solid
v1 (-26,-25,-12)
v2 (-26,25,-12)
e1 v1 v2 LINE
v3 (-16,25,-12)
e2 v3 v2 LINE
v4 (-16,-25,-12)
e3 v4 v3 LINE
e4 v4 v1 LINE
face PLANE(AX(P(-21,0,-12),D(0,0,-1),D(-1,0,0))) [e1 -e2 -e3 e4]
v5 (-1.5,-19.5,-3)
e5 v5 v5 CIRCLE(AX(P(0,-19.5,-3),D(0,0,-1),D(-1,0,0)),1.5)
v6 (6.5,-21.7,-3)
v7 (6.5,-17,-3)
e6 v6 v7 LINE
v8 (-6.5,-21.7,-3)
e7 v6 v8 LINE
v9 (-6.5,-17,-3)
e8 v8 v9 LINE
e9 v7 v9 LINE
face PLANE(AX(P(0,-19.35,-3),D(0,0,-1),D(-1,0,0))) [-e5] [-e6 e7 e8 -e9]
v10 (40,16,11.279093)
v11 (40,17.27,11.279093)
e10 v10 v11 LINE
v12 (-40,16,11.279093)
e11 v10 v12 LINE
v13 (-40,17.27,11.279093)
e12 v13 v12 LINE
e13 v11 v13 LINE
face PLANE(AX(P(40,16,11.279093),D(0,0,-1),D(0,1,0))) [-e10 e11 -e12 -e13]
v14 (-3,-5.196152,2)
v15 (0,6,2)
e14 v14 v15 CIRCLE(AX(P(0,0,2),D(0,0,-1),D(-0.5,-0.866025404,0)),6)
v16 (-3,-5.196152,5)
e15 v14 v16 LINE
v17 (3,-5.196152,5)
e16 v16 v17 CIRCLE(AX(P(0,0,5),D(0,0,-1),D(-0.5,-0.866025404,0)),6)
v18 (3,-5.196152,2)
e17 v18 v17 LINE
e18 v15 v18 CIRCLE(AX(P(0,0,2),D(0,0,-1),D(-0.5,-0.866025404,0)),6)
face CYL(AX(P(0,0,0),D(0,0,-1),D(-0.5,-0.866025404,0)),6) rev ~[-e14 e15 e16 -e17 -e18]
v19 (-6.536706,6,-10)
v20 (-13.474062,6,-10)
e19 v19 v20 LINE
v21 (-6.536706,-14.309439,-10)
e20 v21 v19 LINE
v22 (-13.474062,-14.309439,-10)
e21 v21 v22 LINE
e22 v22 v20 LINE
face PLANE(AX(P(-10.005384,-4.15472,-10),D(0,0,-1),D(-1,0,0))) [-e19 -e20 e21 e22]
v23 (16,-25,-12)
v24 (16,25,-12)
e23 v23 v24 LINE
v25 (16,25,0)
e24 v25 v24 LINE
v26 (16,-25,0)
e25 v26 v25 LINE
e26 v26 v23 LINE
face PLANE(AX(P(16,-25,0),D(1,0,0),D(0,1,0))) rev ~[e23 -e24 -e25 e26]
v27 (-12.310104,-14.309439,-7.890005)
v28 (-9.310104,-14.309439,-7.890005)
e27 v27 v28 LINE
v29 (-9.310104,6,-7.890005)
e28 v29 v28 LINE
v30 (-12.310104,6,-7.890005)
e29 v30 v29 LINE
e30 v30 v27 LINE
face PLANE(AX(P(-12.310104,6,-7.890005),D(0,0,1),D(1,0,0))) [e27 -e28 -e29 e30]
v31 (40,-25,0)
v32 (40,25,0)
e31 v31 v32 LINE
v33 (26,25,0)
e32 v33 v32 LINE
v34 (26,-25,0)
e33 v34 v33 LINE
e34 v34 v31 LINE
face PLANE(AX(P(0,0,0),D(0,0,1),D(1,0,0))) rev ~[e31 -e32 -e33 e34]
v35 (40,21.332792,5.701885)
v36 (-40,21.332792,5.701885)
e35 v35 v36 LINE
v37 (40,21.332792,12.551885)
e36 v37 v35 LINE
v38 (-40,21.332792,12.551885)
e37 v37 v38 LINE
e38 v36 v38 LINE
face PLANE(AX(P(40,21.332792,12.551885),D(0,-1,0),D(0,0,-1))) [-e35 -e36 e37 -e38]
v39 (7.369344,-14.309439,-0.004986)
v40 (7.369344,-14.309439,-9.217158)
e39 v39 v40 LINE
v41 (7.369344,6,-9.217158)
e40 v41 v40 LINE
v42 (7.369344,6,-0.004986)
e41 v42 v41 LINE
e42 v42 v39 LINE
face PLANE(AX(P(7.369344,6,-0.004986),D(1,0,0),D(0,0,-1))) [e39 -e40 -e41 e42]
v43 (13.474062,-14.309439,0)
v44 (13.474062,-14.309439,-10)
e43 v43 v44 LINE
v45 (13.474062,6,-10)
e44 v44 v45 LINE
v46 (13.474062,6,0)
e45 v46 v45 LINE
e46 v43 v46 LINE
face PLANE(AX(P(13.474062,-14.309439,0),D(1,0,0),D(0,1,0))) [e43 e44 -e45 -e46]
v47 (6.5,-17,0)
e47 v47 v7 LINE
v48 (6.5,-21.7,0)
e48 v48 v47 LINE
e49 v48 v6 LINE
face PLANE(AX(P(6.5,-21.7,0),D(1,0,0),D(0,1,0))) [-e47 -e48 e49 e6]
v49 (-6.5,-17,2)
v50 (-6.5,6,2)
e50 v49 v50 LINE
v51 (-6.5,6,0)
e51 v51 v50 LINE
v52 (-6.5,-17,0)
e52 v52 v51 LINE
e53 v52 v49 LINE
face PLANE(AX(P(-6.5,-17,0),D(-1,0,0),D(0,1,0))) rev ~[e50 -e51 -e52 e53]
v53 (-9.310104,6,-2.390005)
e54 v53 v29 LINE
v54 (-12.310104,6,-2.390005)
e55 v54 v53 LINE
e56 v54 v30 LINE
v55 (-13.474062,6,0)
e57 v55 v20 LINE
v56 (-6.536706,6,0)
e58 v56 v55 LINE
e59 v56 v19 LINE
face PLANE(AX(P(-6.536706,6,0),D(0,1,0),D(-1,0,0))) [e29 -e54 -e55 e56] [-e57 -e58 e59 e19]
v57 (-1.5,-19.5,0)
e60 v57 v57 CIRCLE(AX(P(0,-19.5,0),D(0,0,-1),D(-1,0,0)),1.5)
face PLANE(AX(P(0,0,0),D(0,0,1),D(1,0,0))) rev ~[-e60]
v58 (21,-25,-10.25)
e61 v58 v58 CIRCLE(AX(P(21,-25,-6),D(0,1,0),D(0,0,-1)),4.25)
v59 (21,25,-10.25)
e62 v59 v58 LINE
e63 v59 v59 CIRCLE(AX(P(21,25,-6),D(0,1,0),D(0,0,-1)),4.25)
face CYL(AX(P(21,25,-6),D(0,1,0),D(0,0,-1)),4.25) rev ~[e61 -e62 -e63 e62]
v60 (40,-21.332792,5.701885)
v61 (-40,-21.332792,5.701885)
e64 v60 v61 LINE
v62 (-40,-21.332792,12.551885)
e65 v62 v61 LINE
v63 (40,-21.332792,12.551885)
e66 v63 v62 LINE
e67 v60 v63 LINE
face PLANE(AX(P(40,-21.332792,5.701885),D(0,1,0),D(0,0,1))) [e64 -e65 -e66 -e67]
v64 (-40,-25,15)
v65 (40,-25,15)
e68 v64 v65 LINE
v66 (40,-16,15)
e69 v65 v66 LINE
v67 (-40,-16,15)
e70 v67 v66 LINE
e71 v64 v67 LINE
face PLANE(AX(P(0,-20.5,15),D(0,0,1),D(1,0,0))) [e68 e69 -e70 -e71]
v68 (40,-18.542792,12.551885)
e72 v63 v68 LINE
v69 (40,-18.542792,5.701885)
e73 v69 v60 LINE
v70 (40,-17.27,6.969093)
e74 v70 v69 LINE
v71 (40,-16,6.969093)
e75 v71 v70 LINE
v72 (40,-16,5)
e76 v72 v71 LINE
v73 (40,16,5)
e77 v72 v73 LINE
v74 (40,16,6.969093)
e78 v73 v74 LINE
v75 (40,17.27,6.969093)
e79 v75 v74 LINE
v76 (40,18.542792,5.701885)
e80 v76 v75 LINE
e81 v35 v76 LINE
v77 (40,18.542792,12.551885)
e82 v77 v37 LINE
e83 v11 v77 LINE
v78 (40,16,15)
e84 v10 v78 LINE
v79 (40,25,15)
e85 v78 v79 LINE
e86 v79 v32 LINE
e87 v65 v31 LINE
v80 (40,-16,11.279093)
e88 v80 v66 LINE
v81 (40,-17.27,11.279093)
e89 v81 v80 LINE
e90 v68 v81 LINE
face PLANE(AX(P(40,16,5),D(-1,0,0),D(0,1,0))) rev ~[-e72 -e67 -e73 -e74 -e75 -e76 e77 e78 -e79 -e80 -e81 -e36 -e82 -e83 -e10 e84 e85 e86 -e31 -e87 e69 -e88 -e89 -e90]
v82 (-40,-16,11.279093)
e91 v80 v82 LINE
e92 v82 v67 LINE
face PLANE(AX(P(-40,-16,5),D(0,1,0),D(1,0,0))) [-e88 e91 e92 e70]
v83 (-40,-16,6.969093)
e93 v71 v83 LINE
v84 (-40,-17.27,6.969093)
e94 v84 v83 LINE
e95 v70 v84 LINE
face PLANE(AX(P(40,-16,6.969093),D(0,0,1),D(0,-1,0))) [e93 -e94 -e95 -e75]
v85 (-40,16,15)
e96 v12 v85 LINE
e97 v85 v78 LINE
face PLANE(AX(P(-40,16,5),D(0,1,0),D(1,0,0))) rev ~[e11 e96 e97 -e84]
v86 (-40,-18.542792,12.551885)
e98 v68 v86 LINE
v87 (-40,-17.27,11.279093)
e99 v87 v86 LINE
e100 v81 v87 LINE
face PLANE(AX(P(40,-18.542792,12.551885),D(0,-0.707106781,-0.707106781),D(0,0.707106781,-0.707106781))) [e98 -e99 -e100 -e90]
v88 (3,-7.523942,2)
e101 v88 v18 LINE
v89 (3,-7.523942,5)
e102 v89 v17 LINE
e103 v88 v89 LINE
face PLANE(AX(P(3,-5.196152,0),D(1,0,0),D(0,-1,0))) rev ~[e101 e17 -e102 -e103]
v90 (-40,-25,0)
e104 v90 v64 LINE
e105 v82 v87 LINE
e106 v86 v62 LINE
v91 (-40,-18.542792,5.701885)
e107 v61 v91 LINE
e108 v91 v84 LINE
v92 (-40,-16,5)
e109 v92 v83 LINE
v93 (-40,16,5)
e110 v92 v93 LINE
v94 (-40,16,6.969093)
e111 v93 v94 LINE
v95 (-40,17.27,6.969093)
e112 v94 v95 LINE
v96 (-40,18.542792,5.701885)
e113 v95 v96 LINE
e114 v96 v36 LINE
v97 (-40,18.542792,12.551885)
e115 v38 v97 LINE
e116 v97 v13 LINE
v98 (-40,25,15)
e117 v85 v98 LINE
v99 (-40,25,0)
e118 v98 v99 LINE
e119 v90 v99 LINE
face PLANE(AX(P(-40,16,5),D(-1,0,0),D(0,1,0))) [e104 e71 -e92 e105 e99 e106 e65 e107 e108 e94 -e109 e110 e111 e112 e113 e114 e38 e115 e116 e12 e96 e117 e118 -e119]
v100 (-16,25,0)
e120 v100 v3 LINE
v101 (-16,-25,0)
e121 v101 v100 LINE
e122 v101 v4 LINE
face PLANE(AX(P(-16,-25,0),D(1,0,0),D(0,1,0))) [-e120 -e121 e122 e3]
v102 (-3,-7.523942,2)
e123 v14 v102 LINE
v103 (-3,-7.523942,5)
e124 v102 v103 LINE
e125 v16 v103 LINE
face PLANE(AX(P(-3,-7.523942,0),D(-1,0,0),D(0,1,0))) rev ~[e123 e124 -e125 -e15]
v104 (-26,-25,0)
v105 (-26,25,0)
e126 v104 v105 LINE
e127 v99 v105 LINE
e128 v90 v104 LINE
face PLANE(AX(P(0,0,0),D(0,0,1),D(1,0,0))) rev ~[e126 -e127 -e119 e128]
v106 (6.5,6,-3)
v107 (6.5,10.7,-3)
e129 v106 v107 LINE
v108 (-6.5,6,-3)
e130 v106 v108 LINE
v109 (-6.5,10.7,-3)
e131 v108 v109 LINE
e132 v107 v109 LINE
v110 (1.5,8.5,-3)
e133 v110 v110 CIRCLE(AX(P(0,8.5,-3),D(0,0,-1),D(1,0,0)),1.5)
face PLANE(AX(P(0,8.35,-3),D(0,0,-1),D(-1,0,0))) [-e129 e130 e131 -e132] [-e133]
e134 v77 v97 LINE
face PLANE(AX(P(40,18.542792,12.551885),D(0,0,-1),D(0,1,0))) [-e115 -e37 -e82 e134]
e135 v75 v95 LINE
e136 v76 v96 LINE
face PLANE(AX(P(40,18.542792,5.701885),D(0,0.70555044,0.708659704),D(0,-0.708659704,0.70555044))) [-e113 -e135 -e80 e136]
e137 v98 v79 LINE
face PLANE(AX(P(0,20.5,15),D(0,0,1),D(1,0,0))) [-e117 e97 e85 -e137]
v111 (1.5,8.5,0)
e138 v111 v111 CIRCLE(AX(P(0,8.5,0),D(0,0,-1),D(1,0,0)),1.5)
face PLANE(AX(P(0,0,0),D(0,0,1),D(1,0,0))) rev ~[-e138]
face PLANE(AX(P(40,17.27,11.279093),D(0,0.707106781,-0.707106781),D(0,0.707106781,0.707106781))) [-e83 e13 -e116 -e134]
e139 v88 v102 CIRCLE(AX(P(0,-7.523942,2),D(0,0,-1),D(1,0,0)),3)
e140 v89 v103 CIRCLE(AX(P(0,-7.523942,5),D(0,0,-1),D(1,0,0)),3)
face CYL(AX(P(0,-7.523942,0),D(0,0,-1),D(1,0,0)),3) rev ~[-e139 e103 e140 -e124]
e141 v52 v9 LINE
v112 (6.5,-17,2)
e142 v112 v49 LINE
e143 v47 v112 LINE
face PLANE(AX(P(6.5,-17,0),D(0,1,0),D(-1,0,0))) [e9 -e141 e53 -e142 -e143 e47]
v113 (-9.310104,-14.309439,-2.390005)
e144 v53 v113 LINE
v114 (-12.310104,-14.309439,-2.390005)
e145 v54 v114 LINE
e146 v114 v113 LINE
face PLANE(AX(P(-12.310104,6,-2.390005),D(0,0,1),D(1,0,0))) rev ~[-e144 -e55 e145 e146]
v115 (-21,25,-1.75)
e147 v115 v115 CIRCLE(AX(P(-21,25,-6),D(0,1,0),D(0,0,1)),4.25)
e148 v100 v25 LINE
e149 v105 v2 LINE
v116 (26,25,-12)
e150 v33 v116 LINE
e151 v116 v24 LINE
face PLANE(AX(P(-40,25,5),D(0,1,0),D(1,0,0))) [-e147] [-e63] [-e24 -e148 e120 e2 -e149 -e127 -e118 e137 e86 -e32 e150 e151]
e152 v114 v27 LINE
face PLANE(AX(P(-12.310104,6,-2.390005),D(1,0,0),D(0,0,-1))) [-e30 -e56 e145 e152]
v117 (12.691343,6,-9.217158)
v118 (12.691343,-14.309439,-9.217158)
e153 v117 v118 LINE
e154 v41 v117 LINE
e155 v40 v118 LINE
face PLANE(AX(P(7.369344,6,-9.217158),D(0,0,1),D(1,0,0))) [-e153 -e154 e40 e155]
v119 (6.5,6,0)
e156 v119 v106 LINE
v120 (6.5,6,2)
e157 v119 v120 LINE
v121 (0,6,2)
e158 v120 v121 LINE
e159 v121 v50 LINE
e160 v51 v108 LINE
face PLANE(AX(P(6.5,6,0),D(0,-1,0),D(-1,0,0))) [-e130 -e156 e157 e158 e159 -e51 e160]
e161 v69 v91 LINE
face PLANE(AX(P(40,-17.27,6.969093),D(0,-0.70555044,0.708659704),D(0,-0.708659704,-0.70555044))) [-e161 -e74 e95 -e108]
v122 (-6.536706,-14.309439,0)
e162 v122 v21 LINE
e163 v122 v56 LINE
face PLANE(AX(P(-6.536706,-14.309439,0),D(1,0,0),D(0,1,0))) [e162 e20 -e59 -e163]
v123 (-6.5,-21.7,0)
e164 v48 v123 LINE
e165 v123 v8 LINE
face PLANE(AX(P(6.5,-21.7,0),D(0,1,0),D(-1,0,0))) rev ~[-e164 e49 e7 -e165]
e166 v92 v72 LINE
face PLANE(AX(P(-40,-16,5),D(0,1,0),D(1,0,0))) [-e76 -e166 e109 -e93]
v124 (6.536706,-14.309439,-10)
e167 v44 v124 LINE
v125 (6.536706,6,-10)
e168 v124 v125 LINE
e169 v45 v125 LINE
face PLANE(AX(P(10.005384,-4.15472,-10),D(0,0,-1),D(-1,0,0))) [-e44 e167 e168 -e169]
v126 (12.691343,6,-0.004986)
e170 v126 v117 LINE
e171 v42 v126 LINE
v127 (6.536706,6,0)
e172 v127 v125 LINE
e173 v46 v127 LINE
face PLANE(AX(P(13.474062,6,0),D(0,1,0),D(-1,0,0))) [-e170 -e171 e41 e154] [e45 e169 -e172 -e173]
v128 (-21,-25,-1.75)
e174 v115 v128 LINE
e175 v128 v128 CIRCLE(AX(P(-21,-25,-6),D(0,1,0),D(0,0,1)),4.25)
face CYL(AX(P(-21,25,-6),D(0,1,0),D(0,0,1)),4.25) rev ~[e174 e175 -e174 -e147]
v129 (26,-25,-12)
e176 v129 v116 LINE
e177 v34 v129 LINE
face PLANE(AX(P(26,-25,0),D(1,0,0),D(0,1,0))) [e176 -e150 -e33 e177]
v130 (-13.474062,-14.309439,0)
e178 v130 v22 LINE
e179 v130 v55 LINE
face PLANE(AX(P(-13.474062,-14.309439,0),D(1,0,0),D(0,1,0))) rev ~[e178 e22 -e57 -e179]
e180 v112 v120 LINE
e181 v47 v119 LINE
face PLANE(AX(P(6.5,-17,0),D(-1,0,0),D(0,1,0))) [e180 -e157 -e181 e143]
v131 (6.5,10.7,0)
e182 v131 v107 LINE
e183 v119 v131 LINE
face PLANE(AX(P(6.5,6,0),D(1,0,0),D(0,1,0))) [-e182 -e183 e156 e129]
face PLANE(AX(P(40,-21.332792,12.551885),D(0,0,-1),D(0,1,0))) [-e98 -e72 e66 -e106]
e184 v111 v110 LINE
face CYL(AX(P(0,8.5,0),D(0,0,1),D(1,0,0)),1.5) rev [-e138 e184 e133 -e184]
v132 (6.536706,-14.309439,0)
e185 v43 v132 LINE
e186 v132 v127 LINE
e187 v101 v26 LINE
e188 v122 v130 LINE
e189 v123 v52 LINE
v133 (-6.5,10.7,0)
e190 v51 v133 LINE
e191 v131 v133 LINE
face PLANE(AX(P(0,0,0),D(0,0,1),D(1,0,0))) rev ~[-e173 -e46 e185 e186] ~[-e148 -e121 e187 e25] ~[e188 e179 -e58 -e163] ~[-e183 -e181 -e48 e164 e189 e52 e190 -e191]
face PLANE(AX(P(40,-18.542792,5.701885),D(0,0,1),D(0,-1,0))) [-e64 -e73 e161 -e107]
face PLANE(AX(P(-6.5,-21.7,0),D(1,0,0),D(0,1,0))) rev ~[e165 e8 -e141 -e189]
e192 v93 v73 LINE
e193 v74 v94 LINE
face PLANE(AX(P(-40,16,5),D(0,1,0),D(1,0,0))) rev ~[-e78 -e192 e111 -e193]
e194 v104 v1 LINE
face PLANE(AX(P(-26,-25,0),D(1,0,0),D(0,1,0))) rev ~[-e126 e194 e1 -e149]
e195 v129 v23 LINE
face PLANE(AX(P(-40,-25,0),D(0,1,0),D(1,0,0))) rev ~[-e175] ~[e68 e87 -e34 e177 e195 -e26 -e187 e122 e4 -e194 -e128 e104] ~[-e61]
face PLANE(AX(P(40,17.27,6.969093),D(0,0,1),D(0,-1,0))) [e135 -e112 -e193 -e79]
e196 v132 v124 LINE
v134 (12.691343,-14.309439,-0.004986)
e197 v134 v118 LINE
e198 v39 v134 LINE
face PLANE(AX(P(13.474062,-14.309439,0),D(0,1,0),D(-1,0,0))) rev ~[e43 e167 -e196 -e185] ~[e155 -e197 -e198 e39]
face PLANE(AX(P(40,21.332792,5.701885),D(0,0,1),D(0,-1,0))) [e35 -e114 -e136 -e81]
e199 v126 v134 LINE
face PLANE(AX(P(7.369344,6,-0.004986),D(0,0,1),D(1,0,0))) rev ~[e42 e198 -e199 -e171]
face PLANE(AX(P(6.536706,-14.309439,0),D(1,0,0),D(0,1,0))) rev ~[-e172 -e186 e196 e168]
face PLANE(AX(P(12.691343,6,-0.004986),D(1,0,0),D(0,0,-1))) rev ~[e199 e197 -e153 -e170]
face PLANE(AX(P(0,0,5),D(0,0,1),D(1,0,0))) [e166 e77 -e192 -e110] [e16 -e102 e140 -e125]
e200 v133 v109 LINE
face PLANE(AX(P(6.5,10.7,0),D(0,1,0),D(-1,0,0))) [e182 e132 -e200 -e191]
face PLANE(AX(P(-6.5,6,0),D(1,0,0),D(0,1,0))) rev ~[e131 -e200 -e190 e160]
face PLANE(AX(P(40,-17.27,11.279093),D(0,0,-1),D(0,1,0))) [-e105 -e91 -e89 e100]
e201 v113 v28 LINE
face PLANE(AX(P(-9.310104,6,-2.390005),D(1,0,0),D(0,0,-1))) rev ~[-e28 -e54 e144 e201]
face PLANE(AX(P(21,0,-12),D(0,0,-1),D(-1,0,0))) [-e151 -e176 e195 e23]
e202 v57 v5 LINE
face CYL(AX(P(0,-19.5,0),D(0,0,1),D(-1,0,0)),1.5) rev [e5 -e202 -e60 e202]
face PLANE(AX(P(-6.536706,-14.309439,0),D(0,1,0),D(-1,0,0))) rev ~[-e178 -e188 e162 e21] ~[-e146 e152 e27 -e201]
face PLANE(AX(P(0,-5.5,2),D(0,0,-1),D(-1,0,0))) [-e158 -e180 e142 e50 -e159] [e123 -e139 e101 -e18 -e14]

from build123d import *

# Parameters (mm, degrees)
SKETCH2_W           = 80
SKETCH2_H           = 50
BOSS_EXTRUDE1_DEPTH = 5
CUT_EXTRUDE1_DEPTH  = 10
SKETCH4_W           = 13
SKETCH4_H           = 23
CUT_EXTRUDE2_DEPTH  = 2
SKETCH6_W           = 13
SKETCH6_H           = 4.7
SKETCH6_R           = 1.5
BOSS_EXTRUDE2_DEPTH = 3
SKETCH10_W          = 80
SKETCH10_H          = 9
BOSS_EXTRUDE5_DEPTH = 10
CUT_EXTRUDE3_DEPTH  = 86.14693183
SKETCH13_W          = 10
SKETCH13_H          = 50
BOSS_EXTRUDE6_DEPTH = 12
SKETCH14_R          = 4.25
CUT_EXTRUDE4_DEPTH  = 66.76473219
SKETCH17_W          = 6.937355762
SKETCH17_H          = 20.309439226
BOSS_EXTRUDE7_DEPTH = 10
SKETCH18_W          = 5.321998735
SKETCH18_H          = 9.21217238
SKETCH18_W_2        = 3
SKETCH18_H_2        = 5.5
CUT_EXTRUDE5_DEPTH  = 53.782572882


with BuildPart() as part:
    # Sketch2 → Boss-Extrude1 (new body)
    with BuildSketch(Plane.XY):
        Rectangle(SKETCH2_W, SKETCH2_H)
    extrude(amount=BOSS_EXTRUDE1_DEPTH)

    # Sketch3 → Cut-Extrude1 (cut)
    with BuildSketch(Plane(origin=(0, 0, 0), x_dir=(-1, 0, 0), z_dir=(0, 0, -1))):
        with BuildLine():
            Line((-3, -5.196152423), (-3, -7.523942422))
            ThreePointArc((-3, -7.523942422), (0, -10.523942422), (3, -7.523942422))
            Line((3, -7.523942422), (3, -5.196152423))
            ThreePointArc((3, -5.196152423), (0, 6), (-3, -5.196152423))
        make_face()
    extrude(amount=-CUT_EXTRUDE1_DEPTH, mode=Mode.SUBTRACT)

    # Sketch4 → Cut-Extrude2 (cut)
    with BuildSketch(Plane(origin=(0, 0, 0), x_dir=(-1, 0, 0), z_dir=(0, 0, -1))):
        with Locations((0, -5.5)):
            Rectangle(SKETCH4_W, SKETCH4_H)
    extrude(amount=-CUT_EXTRUDE2_DEPTH, mode=Mode.SUBTRACT)

    # Sketch6 → Boss-Extrude2 (add)
    # profile 1 of 2: a face of its own
    with BuildSketch(Plane(origin=(0, 0, 0), x_dir=(-1, 0, 0), z_dir=(0, 0, -1))):
        with Locations((0, -19.35)):
            Rectangle(SKETCH6_W, SKETCH6_H)
        with Locations((0, -19.5)):
            Circle(SKETCH6_R, mode=Mode.SUBTRACT)
    # profile 2 of 2: a face of its own
    with BuildSketch(Plane(origin=(0, 0, 0), x_dir=(-1, 0, 0), z_dir=(0, 0, -1))):
        with Locations((0, 8.35)):
            Rectangle(SKETCH6_W, SKETCH6_H)
        with Locations(Location((0, 8.5, 0), (0, 0, 180))):
            Circle(SKETCH6_R, mode=Mode.SUBTRACT)
    extrude(amount=BOSS_EXTRUDE2_DEPTH)

    # Sketch10 → Boss-Extrude5 (add)
    with BuildSketch(Plane.XY.offset(5)):
        with Locations((0, 20.5)):
            Rectangle(SKETCH10_W, SKETCH10_H)
        with Locations((0, -20.5)):
            Rectangle(SKETCH10_W, SKETCH10_H)
    extrude(amount=BOSS_EXTRUDE5_DEPTH)

    # Sketch11 → Cut-Extrude3 (cut, through all)
    with BuildSketch(Plane(origin=(40, 0, 0), x_dir=(0, 0, -1), z_dir=(1, 0, 0))):
        Polygon((-11.279093119, 16), (-11.279093119, 17.27), (-12.551885325, 18.542792206), (-12.551885325, 21.332792206), (-5.701885325, 21.332792206), (-5.701885325, 18.542792206), (-6.969093119, 17.27), (-6.969093119, 16), align=None)
        Polygon((-11.279093119, -16), (-6.969093119, -16), (-6.969093119, -17.27), (-5.701885325, -18.542792206), (-5.701885325, -21.332792206), (-12.551885325, -21.332792206), (-12.551885325, -18.542792206), (-11.279093119, -17.27), align=None)
    extrude(amount=-CUT_EXTRUDE3_DEPTH, mode=Mode.SUBTRACT)

    # Sketch13 → Boss-Extrude6 (add)
    with BuildSketch(Plane(origin=(0, 0, 0), x_dir=(-1, 0, 0), z_dir=(0, 0, -1))):
        with Locations((-21, 0)):
            Rectangle(SKETCH13_W, SKETCH13_H)
        with Locations((21, 0)):
            Rectangle(SKETCH13_W, SKETCH13_H)
    extrude(amount=BOSS_EXTRUDE6_DEPTH)

    # Sketch14 → Cut-Extrude4 (cut, through all)
    with BuildSketch(Plane(origin=(0, 25, 0), x_dir=(1, 0, 0), z_dir=(0, 1, 0))):
        with Locations(Location((-21, 6, 0), (0, 0, 270))):
            Circle(SKETCH14_R)
        with Locations(Location((21, 6, 0), (0, 0, 90))):
            Circle(SKETCH14_R)
    extrude(amount=-CUT_EXTRUDE4_DEPTH, mode=Mode.SUBTRACT)

    # Sketch17 → Boss-Extrude7 (add)
    with BuildSketch(Plane(origin=(0, 0, 0), x_dir=(-1, 0, 0), z_dir=(0, 0, -1))):
        with Locations((10.005383819, -4.154719613)):
            Rectangle(SKETCH17_W, SKETCH17_H)
        with Locations((-10.005383819, -4.154719613)):
            Rectangle(SKETCH17_W, SKETCH17_H)
    extrude(amount=BOSS_EXTRUDE7_DEPTH)

    # Sketch18 → Cut-Extrude5 (cut, through all)
    with BuildSketch(Plane(origin=(0, 6, 0), x_dir=(1, 0, 0), z_dir=(0, 1, 0))):
        with Locations((10.030343861, 4.611072031)):
            Rectangle(SKETCH18_W, SKETCH18_H)
        with Locations((-10.810103866, 5.140004806)):
            Rectangle(SKETCH18_W_2, SKETCH18_H_2)
    extrude(amount=-CUT_EXTRUDE5_DEPTH, mode=Mode.SUBTRACT)


solid = part.part
